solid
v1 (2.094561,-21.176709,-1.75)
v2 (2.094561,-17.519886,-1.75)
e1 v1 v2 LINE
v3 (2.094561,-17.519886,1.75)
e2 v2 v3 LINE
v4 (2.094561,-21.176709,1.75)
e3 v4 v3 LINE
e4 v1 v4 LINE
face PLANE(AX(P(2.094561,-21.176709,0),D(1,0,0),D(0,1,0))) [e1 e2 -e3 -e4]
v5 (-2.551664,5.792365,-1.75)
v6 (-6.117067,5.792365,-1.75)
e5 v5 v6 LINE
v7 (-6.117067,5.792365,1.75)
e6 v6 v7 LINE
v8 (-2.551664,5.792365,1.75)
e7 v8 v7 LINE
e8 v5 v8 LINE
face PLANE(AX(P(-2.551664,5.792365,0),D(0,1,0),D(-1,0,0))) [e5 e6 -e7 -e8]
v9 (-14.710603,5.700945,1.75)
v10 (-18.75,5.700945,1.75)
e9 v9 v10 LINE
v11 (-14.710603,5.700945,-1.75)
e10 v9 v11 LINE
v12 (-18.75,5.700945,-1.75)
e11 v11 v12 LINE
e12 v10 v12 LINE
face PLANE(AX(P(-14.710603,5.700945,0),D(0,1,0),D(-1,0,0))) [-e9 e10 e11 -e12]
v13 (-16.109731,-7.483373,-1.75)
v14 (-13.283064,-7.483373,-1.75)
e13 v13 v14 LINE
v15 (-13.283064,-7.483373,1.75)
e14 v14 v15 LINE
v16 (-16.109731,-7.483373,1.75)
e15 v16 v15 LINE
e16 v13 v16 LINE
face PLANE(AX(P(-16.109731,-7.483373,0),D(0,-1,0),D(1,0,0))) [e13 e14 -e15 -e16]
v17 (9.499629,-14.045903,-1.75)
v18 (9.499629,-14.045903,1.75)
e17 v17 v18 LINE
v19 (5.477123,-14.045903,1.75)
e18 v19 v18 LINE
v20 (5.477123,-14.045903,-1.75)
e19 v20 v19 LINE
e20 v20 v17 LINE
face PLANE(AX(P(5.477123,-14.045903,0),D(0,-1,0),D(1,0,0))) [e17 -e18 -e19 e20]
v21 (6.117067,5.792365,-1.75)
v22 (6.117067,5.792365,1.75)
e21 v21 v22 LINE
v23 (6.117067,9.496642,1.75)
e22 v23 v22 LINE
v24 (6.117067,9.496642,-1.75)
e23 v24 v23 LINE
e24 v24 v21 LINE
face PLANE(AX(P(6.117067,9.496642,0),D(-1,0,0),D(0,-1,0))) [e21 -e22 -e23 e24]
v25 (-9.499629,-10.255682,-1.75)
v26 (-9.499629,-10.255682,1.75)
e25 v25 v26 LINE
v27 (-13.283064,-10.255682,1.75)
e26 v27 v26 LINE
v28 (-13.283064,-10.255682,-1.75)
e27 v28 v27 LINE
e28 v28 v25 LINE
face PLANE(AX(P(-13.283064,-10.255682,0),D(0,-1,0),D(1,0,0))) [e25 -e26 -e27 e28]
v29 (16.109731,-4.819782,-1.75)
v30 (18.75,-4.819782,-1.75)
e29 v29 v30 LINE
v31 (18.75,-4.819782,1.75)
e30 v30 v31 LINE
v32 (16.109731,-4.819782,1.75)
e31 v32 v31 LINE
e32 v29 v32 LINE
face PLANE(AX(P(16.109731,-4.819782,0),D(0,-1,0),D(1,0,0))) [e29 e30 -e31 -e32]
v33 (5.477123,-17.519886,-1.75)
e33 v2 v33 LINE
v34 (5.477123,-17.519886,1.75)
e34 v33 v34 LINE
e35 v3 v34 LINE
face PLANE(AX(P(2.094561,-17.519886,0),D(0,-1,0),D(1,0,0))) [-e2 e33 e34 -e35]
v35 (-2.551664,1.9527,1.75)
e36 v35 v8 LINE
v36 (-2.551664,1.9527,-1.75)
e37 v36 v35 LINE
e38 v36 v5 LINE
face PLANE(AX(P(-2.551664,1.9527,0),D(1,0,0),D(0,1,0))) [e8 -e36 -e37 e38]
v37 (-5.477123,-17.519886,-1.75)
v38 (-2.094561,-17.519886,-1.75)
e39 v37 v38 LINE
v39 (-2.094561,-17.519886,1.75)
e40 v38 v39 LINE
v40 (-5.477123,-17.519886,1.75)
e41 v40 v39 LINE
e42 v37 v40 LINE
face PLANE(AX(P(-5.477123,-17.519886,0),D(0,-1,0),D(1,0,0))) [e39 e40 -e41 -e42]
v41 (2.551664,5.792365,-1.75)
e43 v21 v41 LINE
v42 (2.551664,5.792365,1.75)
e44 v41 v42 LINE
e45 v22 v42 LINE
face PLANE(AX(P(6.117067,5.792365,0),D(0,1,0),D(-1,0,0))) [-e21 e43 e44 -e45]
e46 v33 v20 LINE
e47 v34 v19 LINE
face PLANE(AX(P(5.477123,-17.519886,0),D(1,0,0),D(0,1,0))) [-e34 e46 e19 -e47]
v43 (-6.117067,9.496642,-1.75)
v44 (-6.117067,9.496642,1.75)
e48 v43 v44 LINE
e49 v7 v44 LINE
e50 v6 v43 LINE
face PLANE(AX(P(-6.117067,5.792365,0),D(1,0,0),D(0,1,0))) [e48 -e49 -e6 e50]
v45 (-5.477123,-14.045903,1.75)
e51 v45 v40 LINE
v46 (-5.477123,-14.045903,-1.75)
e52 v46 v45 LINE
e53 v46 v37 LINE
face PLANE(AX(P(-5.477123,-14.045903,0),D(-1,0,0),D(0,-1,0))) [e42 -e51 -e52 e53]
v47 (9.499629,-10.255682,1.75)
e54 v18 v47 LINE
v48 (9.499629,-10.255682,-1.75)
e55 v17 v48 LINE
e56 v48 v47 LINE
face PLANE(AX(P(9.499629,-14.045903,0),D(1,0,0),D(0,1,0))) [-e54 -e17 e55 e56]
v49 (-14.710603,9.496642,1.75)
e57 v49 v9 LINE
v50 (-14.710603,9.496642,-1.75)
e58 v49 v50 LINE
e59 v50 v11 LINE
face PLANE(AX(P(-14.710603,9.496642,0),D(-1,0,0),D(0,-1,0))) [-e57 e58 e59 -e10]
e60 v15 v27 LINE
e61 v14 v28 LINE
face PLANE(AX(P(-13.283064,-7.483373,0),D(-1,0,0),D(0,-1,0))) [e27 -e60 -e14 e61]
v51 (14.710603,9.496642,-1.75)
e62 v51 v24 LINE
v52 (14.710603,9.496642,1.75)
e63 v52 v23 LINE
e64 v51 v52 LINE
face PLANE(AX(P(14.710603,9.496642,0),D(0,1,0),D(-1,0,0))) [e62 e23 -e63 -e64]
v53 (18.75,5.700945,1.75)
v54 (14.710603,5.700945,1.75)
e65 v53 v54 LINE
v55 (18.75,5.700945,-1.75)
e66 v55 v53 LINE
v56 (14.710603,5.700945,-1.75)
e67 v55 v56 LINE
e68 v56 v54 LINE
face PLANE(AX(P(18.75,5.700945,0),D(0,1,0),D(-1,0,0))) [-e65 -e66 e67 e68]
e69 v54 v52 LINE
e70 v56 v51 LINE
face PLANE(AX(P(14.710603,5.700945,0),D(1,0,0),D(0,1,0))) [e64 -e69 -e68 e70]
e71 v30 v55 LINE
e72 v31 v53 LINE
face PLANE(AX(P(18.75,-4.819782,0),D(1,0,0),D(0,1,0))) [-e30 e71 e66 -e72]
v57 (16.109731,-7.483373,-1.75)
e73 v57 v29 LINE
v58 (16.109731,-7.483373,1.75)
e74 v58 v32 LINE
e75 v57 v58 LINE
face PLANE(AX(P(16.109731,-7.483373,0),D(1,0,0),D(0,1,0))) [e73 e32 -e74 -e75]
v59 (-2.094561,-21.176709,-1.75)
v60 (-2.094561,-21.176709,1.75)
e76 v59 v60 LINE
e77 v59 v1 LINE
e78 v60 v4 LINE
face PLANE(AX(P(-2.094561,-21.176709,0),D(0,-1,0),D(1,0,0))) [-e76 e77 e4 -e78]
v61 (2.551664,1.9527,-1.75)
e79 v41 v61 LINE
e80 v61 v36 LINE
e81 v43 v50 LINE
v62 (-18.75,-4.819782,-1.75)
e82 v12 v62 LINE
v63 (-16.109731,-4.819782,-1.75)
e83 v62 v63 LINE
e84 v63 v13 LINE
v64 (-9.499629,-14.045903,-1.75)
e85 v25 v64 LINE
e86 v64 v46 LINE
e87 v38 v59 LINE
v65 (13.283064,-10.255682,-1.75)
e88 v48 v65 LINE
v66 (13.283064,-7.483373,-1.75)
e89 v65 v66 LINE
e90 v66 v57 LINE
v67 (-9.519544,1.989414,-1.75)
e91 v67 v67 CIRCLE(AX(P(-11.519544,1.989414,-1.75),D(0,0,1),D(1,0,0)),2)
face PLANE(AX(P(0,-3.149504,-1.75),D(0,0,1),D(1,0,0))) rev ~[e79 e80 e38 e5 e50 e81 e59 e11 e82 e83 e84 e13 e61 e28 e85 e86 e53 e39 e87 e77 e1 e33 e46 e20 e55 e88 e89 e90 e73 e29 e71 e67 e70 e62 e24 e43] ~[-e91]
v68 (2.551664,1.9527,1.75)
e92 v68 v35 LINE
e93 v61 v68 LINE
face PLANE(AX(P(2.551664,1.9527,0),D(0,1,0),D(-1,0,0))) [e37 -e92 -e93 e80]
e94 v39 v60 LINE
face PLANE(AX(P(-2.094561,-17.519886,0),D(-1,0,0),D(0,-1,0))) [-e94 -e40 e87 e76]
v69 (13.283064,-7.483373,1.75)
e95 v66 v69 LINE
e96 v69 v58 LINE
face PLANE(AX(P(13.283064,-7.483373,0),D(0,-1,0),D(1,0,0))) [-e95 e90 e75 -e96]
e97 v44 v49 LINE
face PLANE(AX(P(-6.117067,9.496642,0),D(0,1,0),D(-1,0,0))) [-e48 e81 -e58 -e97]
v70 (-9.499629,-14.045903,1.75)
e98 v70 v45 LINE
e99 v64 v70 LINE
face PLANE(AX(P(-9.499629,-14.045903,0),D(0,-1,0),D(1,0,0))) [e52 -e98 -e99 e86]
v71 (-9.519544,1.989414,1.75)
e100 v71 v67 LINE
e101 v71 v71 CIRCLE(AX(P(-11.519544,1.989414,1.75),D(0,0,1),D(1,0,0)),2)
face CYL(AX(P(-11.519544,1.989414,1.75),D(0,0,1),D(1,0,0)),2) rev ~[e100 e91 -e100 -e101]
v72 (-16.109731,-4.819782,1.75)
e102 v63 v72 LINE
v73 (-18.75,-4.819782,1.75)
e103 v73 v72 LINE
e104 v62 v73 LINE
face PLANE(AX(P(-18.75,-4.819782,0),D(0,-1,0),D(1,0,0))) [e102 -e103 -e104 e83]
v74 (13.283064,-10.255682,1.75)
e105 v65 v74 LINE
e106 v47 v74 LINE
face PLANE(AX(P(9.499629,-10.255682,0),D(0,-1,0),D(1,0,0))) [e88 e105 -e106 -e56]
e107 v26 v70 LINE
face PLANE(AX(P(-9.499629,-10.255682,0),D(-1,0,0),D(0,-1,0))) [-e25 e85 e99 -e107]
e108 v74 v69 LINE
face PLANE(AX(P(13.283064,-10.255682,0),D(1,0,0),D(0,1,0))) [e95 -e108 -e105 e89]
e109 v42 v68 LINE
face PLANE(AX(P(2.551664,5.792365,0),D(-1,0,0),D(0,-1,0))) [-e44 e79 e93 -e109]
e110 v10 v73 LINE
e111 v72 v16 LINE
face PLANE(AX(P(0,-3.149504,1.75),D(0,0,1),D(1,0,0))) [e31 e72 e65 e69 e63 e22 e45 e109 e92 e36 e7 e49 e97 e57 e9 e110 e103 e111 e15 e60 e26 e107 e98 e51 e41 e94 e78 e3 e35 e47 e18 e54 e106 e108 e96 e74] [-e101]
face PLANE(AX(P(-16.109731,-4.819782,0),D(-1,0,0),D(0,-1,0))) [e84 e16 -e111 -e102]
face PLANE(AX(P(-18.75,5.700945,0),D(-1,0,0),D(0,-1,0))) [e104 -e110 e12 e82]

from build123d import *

# Parameters (mm, degrees)
F2_DEPTH = 1.75
F3_R     = 2
F4_DEPTH = 3.501


with BuildPart() as f2:
    # F1 (on Top) → F2 (new body, symmetric)
    with BuildSketch(Plane.XY):
        Polygon((-18.75, 5.700945), (-18.75, 0), (-18.75, -4.819782), (-16.109731, -4.819782), (-16.109731, -7.483373), (-13.283064, -7.483373), (-13.283064, -10.255682), (-9.499629, -10.255682), (-9.499629, -14.045903), (-5.477123, -14.045903), (-5.477123, -17.519886), (-2.094561, -17.519886), (-2.094561, -21.176709), (0, -21.176709), (2.094561, -21.176709), (2.094561, -17.519886), (5.477123, -17.519886), (5.477123, -14.045903), (9.499629, -14.045903), (9.499629, -10.255682), (13.283064, -10.255682), (13.283064, -7.483373), (16.109731, -7.483373), (16.109731, -4.819782), (18.75, -4.819782), (18.75, 0), (18.75, 5.700945), (14.710603, 5.700945), (14.710603, 9.496642), (6.117067, 9.496642), (6.117067, 5.792365), (2.551664, 5.792365), (2.551664, 1.9527), (0, 1.9527), (-2.551664, 1.9527), (-2.551664, 5.792365), (-6.117067, 5.792365), (-6.117067, 9.496642), (-14.710603, 9.496642), (-14.710603, 5.700945), align=None)
    extrude(amount=F2_DEPTH, both=True)

    # F3 (on face) → F4 (cut, through all)
    with BuildSketch(Plane.XY.offset(1.75)):
        with Locations((-11.519544, 1.989414)):
            Circle(F3_R)
    extrude(amount=-F4_DEPTH, mode=Mode.SUBTRACT)


solid = f2.part
